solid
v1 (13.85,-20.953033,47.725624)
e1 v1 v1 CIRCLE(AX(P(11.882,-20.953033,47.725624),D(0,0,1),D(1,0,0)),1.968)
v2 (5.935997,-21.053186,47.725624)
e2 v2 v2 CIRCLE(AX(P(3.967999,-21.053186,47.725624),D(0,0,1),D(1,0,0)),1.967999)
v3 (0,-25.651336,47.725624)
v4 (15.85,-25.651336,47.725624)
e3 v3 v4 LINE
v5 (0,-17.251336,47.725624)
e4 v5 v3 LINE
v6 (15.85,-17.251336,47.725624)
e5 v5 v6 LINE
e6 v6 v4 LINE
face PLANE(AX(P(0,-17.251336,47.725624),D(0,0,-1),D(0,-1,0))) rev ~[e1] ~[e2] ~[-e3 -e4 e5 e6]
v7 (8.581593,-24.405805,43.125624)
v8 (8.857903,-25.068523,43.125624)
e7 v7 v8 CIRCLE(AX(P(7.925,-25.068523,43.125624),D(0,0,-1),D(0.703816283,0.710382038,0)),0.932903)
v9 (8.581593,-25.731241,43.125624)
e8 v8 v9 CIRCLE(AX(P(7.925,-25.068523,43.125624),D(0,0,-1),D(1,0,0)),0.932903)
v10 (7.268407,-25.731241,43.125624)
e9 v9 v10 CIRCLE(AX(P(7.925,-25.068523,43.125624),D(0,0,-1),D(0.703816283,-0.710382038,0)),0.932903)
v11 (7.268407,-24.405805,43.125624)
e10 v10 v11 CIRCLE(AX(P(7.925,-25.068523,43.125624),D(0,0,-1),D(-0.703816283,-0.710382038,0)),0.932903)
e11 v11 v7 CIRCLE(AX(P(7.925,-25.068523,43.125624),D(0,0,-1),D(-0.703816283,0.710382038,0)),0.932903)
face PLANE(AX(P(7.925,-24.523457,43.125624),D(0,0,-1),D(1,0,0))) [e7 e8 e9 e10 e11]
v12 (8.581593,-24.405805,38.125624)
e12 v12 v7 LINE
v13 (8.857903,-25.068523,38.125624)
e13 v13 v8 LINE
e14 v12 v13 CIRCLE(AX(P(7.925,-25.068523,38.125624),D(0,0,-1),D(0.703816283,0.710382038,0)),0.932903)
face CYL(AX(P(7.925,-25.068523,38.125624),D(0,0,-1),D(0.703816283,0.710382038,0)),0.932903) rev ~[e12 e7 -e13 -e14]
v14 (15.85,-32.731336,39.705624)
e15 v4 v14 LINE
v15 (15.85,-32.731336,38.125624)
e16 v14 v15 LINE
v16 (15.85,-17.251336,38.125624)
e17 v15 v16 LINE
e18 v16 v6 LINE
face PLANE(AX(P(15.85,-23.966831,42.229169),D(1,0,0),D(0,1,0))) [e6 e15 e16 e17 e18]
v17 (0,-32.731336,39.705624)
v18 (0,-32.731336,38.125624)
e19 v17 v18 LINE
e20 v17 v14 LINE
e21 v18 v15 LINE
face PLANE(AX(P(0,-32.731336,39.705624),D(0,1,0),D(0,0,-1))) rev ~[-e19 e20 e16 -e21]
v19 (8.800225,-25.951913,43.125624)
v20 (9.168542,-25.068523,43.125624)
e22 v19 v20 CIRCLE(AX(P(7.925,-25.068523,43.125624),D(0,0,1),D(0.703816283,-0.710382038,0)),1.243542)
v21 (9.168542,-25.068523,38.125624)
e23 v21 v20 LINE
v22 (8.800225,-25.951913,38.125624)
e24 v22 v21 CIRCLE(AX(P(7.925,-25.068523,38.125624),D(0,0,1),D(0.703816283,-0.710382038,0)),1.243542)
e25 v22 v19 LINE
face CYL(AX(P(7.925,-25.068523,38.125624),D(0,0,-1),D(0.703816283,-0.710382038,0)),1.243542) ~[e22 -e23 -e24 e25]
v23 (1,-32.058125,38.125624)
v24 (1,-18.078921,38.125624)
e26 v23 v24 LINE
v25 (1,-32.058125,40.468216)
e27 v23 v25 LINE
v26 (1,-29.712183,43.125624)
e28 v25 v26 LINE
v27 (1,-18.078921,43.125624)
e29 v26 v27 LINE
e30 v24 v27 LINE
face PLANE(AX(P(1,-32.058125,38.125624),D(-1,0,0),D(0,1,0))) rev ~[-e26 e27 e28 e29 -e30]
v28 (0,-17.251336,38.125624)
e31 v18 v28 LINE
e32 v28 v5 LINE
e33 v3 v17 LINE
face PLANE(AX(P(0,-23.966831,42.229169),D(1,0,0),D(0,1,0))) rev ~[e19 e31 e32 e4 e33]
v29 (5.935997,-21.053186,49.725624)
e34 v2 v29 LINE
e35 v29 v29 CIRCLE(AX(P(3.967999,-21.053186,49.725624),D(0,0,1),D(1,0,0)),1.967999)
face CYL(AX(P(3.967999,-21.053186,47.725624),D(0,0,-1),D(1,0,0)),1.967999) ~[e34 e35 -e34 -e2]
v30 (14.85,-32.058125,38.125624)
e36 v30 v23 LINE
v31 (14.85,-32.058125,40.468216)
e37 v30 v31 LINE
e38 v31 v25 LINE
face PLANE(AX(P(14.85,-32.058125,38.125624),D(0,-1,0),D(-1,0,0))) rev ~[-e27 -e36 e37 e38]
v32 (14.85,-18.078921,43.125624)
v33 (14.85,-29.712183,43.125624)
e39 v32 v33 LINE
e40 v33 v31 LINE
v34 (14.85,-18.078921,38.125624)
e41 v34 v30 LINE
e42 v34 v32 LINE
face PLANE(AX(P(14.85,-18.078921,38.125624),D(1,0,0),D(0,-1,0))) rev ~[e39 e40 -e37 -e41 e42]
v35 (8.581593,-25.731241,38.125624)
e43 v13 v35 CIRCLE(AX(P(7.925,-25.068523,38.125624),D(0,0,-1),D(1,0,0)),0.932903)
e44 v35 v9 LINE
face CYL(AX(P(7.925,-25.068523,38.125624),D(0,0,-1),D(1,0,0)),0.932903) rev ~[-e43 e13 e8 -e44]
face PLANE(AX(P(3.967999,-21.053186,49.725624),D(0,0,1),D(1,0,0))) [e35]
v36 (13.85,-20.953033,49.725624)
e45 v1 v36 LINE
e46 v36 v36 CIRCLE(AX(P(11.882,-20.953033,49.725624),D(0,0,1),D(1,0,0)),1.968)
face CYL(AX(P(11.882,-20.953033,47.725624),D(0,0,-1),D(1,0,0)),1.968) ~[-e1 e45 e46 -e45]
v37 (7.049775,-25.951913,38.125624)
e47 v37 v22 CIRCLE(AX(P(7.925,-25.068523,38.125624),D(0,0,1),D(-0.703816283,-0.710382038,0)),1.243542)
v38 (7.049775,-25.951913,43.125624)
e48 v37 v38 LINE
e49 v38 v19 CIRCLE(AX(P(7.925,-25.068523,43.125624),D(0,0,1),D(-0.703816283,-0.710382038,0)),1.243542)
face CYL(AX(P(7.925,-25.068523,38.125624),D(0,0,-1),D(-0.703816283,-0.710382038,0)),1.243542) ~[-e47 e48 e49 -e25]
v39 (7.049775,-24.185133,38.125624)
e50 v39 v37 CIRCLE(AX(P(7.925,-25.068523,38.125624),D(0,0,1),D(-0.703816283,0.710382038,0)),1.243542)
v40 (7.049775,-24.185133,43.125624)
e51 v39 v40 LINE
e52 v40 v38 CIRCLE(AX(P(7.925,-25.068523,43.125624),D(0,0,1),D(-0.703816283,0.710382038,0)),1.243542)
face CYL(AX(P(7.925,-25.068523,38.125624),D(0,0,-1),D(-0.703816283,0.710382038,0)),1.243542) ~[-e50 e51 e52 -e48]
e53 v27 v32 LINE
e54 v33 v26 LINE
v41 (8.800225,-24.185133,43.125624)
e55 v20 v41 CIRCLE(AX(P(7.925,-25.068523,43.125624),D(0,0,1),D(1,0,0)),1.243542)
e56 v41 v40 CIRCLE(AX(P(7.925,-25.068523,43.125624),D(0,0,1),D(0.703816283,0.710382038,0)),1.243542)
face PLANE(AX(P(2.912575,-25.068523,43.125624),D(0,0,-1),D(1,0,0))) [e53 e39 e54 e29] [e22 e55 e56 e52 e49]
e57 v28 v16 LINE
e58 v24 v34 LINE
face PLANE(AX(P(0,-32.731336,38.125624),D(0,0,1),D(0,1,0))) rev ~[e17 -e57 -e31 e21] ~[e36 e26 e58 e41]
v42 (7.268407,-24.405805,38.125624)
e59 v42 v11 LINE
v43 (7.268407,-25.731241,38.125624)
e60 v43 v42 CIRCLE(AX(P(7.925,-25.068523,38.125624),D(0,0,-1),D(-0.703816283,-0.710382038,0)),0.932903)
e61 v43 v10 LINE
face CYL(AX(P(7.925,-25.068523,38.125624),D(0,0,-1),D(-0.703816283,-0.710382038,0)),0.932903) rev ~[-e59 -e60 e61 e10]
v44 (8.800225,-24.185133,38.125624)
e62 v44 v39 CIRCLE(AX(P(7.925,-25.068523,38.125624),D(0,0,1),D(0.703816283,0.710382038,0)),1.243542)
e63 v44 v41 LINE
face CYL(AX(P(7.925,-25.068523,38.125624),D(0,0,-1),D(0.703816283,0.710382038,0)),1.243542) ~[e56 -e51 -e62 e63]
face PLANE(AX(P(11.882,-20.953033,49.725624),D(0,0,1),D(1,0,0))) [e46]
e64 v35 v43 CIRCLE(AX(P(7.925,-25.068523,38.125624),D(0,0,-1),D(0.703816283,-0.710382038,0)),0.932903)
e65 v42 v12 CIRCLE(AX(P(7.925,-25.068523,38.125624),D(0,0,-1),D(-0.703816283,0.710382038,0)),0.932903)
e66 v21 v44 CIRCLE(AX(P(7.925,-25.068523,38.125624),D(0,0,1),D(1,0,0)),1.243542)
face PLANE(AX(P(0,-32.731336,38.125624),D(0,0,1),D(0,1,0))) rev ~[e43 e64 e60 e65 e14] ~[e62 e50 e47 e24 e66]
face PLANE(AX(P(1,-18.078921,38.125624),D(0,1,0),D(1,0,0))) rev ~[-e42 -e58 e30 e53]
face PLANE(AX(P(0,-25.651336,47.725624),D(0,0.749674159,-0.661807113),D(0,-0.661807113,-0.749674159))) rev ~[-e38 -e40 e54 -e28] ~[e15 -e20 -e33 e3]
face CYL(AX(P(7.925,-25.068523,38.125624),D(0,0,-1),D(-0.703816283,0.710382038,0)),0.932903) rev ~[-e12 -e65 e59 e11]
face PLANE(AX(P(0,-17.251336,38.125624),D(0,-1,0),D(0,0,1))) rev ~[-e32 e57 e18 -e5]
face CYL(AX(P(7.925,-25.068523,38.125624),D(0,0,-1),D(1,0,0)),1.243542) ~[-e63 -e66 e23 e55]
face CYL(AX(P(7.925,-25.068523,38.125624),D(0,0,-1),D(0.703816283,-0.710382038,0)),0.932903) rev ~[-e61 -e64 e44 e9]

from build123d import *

# Parameters (mm, degrees)
F1_DEPTH = 15.85
F2_R     = 1.9679985055
F2_R_2   = 1.968
F3_DEPTH = 2
F5_DEPTH = 5


with BuildPart() as f1:
    # F0 (on Right) → F1 (new body)
    with BuildSketch(Plane.YZ):
        Polygon((-17.2513356102, 38.1256241769), (-17.2513356102, 47.7256241769), (-25.6513356102, 47.7256241769), (-32.7313356102, 39.7056241769), (-32.7313356102, 38.1256241769), align=None)
    extrude(amount=F1_DEPTH)

    # F2 (on face) → F3 (join)
    with BuildSketch(Plane.XY.offset(47.7256241769)):
        with Locations((3.9679985055, -21.0531856865)):
            Circle(F2_R)
        with Locations((11.882, -20.9530331194)):
            Circle(F2_R_2)
    extrude(amount=F3_DEPTH)

    # F4 (on face) → F5 (cut)
    with BuildSketch(Plane(origin=(0, 0, 38.1256241769), x_dir=(1, 0, 0), z_dir=(0, 0, -1))):
        with BuildLine():
            Line((7.0497745559, 25.9519131103), (1, 32.0581247445))
            Line((1, 32.0581247445), (1, 18.0789209985))
            Line((1, 18.0789209985), (7.0497745559, 24.1851326327))
            ThreePointArc((7.0497745559, 24.1851326327), (6.6814575231, 25.0685228715), (7.0497745559, 25.9519131103))
        make_face()
        with BuildLine():
            Line((14.85, 32.0581247445), (1, 32.0581247445))
            Line((1, 32.0581247445), (7.0497745559, 25.9519131103))
            ThreePointArc((7.0497745559, 25.9519131103), (7.925, 26.3120653484), (8.8002254441, 25.9519131103))
            Line((8.8002254441, 25.9519131103), (14.85, 32.0581247445))
        make_face()
        with BuildLine():
            Line((14.85, 21.5539868837), (14.85, 32.0581247445))
            Line((14.85, 32.0581247445), (8.8002254441, 25.9519131103))
            ThreePointArc((8.8002254441, 25.9519131103), (9.072775655, 25.5470716544), (9.1685424769, 25.0685228715))
            ThreePointArc((9.1685424769, 25.0685228715), (9.072775655, 24.5899740886), (8.8002254441, 24.1851326327))
            Line((8.8002254441, 24.1851326327), (14.85, 18.0789209985))
            Line((14.85, 18.0789209985), (14.85, 21.5539868837))
        make_face()
        with BuildLine():
            Line((7.0497745559, 24.1851326327), (1, 18.0789209985))
            Line((1, 18.0789209985), (14.85, 18.0789209985))
            Line((14.85, 18.0789209985), (8.8002254441, 24.1851326327))
            ThreePointArc((8.8002254441, 24.1851326327), (7.925, 23.8249803946), (7.0497745559, 24.1851326327))
        make_face()
        with BuildLine():
            Line((7.925, 25.0685228715), (7.2684074253, 24.4058050824))
            ThreePointArc((7.2684074253, 24.4058050824), (7.925, 24.1356195125), (8.5815925747, 24.4058050824))
            Line((8.5815925747, 24.4058050824), (7.925, 25.0685228715))
        make_face()
        with BuildLine():
            Line((7.925, 25.0685228715), (7.2684074253, 25.7312406607))
            ThreePointArc((7.2684074253, 25.7312406607), (6.992096641, 25.0685228715), (7.2684074253, 24.4058050824))
            Line((7.2684074253, 24.4058050824), (7.925, 25.0685228715))
        make_face()
        with BuildLine():
            ThreePointArc((8.5815925747, 25.7312406607), (7.925, 26.0014262305), (7.2684074253, 25.7312406607))
            Line((7.2684074253, 25.7312406607), (7.925, 25.0685228715))
            Line((7.925, 25.0685228715), (8.5815925747, 25.7312406607))
        make_face()
        with BuildLine():
            ThreePointArc((8.857903359, 25.0685228715), (8.7860592592, 25.4275293191), (8.5815925747, 25.7312406607))
            Line((8.5815925747, 25.7312406607), (7.925, 25.0685228715))
            Line((7.925, 25.0685228715), (8.5815925747, 24.4058050824))
            ThreePointArc((8.5815925747, 24.4058050824), (8.7860592592, 24.7095164239), (8.857903359, 25.0685228715))
        make_face()
    extrude(amount=-F5_DEPTH, mode=Mode.SUBTRACT)


solid = f1.part
